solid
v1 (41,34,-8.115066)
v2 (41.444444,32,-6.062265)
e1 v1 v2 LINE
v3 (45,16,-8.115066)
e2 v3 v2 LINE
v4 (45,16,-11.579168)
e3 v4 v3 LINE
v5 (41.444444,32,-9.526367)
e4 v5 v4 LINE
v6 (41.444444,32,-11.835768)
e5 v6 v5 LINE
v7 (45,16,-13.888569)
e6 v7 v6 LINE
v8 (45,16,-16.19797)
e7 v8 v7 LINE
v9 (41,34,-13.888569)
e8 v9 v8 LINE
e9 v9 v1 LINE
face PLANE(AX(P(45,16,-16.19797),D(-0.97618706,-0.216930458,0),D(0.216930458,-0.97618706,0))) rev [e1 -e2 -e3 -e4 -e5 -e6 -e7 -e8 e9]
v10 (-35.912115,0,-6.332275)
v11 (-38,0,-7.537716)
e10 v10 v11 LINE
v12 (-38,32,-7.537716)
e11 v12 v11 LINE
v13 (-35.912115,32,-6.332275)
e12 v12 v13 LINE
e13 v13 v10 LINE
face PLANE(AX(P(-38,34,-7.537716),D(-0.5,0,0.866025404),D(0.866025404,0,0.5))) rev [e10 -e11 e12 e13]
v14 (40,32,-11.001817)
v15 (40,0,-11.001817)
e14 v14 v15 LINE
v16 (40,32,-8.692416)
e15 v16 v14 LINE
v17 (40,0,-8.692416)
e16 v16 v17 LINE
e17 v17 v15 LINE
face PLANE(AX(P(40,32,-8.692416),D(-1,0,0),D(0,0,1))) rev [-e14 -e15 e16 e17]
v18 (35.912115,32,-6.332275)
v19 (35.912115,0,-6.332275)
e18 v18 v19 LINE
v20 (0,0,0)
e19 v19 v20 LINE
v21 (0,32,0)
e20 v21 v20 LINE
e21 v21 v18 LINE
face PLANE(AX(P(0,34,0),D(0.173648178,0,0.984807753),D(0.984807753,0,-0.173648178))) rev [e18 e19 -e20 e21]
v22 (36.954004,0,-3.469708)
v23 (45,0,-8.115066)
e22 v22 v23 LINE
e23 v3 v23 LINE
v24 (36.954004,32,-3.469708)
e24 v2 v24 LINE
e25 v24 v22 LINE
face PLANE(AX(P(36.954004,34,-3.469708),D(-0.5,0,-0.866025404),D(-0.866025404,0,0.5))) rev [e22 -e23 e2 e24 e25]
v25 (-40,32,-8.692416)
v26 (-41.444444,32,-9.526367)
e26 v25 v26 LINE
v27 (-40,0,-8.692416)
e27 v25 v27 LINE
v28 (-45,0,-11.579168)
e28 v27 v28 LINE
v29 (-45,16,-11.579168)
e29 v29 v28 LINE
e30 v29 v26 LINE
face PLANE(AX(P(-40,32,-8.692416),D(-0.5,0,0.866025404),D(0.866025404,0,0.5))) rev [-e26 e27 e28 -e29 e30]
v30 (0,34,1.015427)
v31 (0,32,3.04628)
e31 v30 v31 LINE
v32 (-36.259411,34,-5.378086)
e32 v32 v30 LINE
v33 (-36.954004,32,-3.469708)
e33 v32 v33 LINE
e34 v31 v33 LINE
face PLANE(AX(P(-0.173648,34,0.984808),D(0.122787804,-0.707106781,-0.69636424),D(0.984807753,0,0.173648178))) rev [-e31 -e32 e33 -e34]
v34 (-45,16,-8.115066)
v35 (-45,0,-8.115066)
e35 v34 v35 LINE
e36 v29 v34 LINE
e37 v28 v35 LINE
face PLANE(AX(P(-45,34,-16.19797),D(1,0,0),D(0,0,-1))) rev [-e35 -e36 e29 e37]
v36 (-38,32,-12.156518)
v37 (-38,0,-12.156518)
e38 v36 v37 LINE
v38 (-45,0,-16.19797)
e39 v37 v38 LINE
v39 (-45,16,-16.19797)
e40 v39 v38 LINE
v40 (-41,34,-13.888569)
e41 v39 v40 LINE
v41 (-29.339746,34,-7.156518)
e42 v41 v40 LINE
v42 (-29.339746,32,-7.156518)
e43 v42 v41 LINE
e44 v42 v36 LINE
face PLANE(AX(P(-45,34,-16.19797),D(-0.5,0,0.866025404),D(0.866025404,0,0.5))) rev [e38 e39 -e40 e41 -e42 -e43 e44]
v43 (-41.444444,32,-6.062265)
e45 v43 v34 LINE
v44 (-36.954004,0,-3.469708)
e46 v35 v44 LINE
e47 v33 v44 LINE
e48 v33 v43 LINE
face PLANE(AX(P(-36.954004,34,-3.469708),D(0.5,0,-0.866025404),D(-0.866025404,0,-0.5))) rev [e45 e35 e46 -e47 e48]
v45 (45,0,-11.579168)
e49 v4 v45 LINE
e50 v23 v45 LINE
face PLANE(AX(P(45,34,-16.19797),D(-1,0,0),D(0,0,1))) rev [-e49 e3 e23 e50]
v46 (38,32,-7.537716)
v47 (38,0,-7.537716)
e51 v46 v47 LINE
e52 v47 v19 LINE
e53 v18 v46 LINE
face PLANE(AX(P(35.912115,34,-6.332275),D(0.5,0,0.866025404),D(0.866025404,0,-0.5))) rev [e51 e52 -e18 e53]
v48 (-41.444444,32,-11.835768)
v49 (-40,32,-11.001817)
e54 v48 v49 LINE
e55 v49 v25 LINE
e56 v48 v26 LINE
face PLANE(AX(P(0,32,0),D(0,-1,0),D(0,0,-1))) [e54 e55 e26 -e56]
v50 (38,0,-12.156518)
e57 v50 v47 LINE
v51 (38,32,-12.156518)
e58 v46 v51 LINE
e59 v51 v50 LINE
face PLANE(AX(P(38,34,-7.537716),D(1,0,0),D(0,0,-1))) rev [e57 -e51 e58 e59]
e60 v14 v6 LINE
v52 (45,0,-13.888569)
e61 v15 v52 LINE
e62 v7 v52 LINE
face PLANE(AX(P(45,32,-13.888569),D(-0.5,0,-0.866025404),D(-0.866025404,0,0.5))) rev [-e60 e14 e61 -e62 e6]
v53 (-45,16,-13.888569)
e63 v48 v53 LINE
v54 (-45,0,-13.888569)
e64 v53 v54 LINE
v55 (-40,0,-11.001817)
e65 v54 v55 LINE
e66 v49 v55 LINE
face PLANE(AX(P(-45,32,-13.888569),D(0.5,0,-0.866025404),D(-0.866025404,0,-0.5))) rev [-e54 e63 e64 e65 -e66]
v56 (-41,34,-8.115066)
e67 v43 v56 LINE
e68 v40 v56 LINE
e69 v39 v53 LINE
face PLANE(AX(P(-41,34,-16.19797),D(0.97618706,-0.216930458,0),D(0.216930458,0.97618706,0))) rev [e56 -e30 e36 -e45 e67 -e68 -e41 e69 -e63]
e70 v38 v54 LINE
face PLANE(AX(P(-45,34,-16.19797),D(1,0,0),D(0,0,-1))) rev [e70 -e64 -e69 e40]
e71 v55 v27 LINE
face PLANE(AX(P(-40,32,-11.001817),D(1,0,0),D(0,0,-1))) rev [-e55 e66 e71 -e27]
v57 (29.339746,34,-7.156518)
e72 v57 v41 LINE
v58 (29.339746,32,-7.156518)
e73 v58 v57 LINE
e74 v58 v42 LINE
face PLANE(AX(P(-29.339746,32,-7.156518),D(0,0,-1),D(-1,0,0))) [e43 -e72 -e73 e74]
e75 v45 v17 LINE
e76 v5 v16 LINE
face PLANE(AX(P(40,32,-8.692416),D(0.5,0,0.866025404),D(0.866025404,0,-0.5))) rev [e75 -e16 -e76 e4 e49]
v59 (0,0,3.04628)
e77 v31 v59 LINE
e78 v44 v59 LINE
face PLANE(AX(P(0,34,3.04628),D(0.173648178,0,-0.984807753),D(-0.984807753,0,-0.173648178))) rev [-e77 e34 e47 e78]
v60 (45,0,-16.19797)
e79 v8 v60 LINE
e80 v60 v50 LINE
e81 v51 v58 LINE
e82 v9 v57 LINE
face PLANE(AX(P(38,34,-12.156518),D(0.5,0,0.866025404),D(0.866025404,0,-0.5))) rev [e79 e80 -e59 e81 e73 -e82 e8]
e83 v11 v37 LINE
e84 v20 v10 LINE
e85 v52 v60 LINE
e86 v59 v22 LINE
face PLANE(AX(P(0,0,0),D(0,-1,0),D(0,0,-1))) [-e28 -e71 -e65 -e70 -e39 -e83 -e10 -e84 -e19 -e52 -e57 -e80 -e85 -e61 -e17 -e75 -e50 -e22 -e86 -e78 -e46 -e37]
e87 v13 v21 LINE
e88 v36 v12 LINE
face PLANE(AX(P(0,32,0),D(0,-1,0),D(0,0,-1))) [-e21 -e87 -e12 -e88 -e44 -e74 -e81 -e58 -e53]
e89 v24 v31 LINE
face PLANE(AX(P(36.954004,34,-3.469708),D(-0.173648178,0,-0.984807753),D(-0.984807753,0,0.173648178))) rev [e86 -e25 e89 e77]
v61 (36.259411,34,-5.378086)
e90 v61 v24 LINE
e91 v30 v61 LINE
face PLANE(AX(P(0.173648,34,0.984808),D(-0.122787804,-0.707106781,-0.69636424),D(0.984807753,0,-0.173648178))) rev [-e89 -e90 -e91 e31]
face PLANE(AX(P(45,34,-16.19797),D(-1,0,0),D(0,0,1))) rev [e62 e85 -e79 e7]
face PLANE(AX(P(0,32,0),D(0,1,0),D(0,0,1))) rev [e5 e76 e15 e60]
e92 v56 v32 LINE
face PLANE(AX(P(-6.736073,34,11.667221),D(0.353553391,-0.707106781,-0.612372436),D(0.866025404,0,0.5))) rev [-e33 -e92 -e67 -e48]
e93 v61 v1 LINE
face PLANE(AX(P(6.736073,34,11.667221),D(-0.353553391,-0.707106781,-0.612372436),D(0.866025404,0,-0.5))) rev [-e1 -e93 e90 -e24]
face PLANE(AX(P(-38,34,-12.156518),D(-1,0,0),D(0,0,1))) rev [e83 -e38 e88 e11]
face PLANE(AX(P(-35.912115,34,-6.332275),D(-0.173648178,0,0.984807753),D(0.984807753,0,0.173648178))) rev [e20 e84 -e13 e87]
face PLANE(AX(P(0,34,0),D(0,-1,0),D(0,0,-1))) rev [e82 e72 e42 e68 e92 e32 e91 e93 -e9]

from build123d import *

# Parameters (mm, degrees)
BOSS_EXTRUDE2_DEPTH = 34
CUT_EXTRUDE2_DEPTH  = 32
BOSS_EXTRUDE3_DEPTH = 2
CHAMFER1_SIZE       = 2
CUT_EXTRUDE3_START  = -16.19797
CUT_EXTRUDE3_DEPTH  = 10.135705


with BuildPart() as part:
    # Sketch4 → Boss-Extrude2 (new body)
    with BuildSketch(Plane(origin=(0, 0, 0), x_dir=(1, 0, 0), z_dir=(0, 1, 0))):
        Polygon((-45, 16.197969794), (-45, 8.115066025), (-36.954004115, 3.469708135), (0, -3.046279836), (36.954004115, 3.469708135), (45, 8.115066025), (45, 16.197969794), (38, 12.156517909), (38, 7.537715756), (35.912115049, 6.332274817), (0, 0), (-35.912115049, 6.332274817), (-38, 7.537715756), (-38, 12.156517909), align=None)
    extrude(amount=BOSS_EXTRUDE2_DEPTH)

    # Sketch5 → Cut-Extrude2 (cut)
    with BuildSketch(Plane.XZ):
        Polygon((-40, -8.692416294), (-45, -11.57916764), (-45, -13.888568717), (-40, -11.001817371), align=None)
        Polygon((40, -8.692416294), (45, -11.57916764), (45, -13.888568717), (40, -11.001817371), align=None)
    extrude(amount=-CUT_EXTRUDE2_DEPTH, mode=Mode.SUBTRACT)

    # Sketch6 → Boss-Extrude3 (add)
    with BuildSketch(Plane(origin=(0, 34, 0), x_dir=(1, 0, 0), z_dir=(0, 1, 0))):
        Polygon((38, 12.156517909), (38, 7.537715756), (35.912115049, 6.332274817), (0, 0), (-35.912115049, 6.332274817), (-38, 7.537715756), (-38, 12.156517909), (-29.339745962, 7.156517909), (29.339745962, 7.156517909), align=None)
    extrude(amount=-BOSS_EXTRUDE3_DEPTH)

    # Chamfer1
    chamfer1_edges = [part.edges().sort_by_distance(p)[0] for p in [
        (-40.977002058, 34, -5.79238708),
        (-18.477002058, 34, -0.21171415),
        (18.477002058, 34, -0.21171415),
        (40.977002058, 34, -5.79238708),
    ]]
    chamfer(chamfer1_edges, length=CHAMFER1_SIZE)

    # Sketch7 → Cut-Extrude3 (cut)
    with BuildSketch(Plane.XY.offset(CUT_EXTRUDE3_START)):
        Polygon((-45, 16), (-45, 34), (-41, 34), align=None)
        Polygon((45, 16), (41, 34), (45, 34), align=None)
    extrude(amount=CUT_EXTRUDE3_DEPTH, mode=Mode.SUBTRACT)


solid = part.part
